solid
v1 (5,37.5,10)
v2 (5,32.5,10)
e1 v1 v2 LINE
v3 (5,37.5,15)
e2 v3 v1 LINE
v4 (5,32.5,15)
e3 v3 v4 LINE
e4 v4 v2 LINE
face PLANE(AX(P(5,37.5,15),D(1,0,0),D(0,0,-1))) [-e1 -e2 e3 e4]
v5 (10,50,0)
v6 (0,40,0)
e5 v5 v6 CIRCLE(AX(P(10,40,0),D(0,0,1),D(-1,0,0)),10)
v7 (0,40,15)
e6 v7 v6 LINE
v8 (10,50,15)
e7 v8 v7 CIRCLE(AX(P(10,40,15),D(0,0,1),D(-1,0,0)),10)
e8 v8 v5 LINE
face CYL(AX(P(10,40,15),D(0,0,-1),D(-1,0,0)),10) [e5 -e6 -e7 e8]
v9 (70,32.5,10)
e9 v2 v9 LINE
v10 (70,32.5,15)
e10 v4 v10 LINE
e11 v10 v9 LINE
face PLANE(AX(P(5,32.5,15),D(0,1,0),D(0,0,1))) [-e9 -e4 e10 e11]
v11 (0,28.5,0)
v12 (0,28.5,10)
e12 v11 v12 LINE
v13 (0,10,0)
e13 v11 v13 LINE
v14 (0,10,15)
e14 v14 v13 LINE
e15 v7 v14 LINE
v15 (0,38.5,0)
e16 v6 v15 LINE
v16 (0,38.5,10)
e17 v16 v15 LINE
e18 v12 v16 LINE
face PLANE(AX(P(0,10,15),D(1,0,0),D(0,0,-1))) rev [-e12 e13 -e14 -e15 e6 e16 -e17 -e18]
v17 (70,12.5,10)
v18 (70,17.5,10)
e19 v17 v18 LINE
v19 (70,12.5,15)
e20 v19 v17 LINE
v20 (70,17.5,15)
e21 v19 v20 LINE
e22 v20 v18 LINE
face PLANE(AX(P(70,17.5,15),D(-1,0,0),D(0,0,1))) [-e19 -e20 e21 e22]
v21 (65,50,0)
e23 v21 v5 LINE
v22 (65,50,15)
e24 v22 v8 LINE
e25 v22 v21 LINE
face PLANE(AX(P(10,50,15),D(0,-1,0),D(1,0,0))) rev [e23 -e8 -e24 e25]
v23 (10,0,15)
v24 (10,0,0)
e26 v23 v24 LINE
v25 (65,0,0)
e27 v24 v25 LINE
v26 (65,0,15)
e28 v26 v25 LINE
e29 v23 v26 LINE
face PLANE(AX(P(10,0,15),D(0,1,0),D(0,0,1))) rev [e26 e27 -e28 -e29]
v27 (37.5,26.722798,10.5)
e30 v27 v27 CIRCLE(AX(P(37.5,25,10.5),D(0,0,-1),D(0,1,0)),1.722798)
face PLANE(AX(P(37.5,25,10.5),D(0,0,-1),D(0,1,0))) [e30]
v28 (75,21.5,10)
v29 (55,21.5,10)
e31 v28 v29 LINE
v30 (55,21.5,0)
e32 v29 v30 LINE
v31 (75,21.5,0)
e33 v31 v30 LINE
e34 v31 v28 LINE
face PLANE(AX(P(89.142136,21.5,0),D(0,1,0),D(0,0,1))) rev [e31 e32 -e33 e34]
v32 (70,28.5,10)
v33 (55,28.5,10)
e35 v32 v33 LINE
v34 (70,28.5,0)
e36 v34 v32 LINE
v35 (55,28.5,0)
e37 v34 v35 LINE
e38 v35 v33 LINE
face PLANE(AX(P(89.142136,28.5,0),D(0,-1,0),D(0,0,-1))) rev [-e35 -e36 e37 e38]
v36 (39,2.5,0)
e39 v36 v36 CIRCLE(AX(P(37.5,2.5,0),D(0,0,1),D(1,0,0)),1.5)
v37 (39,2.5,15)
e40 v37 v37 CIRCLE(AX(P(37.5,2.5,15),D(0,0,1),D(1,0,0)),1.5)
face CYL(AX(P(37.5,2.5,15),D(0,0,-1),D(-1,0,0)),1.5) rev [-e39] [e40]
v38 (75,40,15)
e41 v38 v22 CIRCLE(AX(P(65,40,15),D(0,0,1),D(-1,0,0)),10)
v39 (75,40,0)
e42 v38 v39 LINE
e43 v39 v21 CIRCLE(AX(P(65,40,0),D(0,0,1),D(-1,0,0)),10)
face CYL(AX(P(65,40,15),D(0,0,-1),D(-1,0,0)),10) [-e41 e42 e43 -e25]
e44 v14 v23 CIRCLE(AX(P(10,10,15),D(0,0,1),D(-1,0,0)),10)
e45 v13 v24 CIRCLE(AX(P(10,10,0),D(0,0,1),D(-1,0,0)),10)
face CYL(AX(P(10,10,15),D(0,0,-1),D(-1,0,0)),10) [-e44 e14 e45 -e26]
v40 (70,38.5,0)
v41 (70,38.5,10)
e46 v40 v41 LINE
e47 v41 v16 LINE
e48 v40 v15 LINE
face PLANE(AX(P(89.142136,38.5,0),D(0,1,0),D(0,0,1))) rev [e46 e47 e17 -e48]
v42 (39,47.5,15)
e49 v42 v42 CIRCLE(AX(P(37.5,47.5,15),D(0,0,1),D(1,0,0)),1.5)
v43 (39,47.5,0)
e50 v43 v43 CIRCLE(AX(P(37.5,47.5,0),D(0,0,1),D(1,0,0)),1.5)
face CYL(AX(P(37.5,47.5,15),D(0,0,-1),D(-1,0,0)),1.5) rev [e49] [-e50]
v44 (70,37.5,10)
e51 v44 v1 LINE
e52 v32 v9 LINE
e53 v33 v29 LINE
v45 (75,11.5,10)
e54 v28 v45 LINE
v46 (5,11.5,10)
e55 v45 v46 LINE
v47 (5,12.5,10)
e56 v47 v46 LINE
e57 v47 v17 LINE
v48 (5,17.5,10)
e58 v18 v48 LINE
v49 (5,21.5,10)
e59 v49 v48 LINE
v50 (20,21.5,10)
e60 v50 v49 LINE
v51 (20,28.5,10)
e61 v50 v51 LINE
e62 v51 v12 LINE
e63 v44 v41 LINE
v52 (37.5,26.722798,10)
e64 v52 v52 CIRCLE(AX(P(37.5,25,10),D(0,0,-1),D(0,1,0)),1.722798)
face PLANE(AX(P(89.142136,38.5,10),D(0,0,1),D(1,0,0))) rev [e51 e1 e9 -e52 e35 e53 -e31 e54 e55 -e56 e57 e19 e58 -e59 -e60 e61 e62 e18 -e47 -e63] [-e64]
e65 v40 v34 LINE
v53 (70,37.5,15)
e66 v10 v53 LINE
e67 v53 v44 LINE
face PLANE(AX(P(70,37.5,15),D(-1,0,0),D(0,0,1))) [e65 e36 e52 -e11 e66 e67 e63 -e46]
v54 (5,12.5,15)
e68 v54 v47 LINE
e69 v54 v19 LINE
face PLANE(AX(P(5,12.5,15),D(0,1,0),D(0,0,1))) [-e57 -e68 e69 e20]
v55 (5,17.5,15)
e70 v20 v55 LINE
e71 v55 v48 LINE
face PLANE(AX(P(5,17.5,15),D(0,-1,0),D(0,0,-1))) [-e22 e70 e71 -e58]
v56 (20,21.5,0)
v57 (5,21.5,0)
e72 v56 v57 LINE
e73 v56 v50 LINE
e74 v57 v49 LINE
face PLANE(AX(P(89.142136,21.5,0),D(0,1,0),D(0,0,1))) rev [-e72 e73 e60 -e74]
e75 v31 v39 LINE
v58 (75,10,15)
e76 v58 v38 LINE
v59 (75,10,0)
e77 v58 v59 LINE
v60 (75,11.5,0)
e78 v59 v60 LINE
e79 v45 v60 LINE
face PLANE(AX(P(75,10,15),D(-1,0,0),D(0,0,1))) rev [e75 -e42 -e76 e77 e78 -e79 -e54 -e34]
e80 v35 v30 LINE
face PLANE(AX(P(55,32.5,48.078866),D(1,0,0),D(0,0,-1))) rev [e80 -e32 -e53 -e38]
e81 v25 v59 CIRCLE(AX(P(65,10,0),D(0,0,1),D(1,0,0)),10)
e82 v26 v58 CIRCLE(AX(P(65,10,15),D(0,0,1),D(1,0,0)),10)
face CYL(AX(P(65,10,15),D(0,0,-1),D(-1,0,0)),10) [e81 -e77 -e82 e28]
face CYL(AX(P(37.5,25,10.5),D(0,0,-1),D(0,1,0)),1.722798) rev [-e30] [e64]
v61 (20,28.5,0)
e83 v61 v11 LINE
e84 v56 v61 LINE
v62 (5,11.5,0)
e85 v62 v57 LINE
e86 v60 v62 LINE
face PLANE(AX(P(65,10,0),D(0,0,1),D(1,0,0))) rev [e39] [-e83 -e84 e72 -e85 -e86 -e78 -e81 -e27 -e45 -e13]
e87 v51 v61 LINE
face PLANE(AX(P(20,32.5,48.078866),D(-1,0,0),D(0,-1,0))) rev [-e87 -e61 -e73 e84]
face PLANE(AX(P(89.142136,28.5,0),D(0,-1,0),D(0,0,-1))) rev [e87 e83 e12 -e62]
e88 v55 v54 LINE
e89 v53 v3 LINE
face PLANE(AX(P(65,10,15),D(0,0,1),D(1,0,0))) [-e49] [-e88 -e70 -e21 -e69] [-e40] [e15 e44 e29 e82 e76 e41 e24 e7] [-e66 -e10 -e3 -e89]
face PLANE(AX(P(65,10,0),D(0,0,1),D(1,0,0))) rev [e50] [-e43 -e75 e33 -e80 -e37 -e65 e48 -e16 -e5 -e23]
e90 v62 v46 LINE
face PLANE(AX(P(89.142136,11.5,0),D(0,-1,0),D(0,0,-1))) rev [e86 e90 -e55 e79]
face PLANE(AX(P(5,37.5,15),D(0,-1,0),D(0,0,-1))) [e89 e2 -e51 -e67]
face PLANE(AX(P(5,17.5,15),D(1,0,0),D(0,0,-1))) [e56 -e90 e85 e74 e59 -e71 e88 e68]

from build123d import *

# Parameters (mm, degrees)
SKETCH1_R           = 1.5
SKETCH1_W           = 65
SKETCH1_H           = 5
BOSS_EXTRUDE1_DEPTH = 15
CUT_EXTRUDE1_REACH  = 93.378
SKETCH2_W           = 10
SKETCH2_H           = 10
SKETCH3_W           = 35
SKETCH3_H           = 15
CUT_EXTRUDE2_DEPTH  = 10
SKETCH4_R           = 1.722798044
CUT_EXTRUDE3_DEPTH  = 0.5
SKETCH5_W           = 5
SKETCH5_H           = 10
BOSS_EXTRUDE2_DEPTH = 10


with BuildPart() as part:
    # Sketch1 → Boss-Extrude1 (new body)
    with BuildSketch(Plane.XY):
        with BuildLine():
            Line((10, 0), (65, 0))
            ThreePointArc((65, 0), (72.071067812, 2.928932188), (75, 10))
            Line((75, 10), (75, 40))
            ThreePointArc((75, 40), (72.071067812, 47.071067812), (65, 50))
            Line((65, 50), (10, 50))
            ThreePointArc((10, 50), (2.928932188, 47.071067812), (0, 40))
            Line((0, 40), (0, 10))
            ThreePointArc((0, 10), (2.928932188, 2.928932188), (10, 0))
        make_face()
        with Locations((37.5, 47.5)):
            Circle(SKETCH1_R, mode=Mode.SUBTRACT)
        with Locations((37.5, 2.5)):
            Circle(SKETCH1_R, mode=Mode.SUBTRACT)
        with Locations((37.5, 35)):
            Rectangle(SKETCH1_W, SKETCH1_H, mode=Mode.SUBTRACT)
        with Locations((37.5, 15)):
            Rectangle(SKETCH1_W, SKETCH1_H, mode=Mode.SUBTRACT)
    extrude(amount=BOSS_EXTRUDE1_DEPTH)

    # Cut-Extrude1: up to this face of the body (flat: up to its plane)
    cut_extrude1_end = Plane(part.part.faces().sort_by_distance((75, 25, 7.5))[0])
    # Sketch2 → Cut-Extrude1 (cut, up to the picked face)
    with BuildSketch(Plane.ZY, mode=Mode.PRIVATE) as cut_extrude1_sk1:
        with Locations((5, 33.5)):
            Rectangle(SKETCH2_W, SKETCH2_H)
    cut_extrude1_tool1 = split(extrude(cut_extrude1_sk1.sketch, amount=-CUT_EXTRUDE1_REACH, mode=Mode.PRIVATE), bisect_by=cut_extrude1_end, keep=Keep.BOTH, mode=Mode.PRIVATE)
    # Sketch2 → Cut-Extrude1 (cut, up to the picked face)
    with BuildSketch(Plane.ZY, mode=Mode.PRIVATE) as cut_extrude1_sk2:
        with Locations((5, 16.5)):
            Rectangle(SKETCH2_W, SKETCH2_H)
    cut_extrude1_tool2 = split(extrude(cut_extrude1_sk2.sketch, amount=-CUT_EXTRUDE1_REACH, mode=Mode.PRIVATE), bisect_by=cut_extrude1_end, keep=Keep.BOTH, mode=Mode.PRIVATE)
    add(cut_extrude1_tool1.solids().sort_by(Axis((0, 33.5, 5), (1, 0, 0)))[0], mode=Mode.SUBTRACT)
    add(cut_extrude1_tool2.solids().sort_by(Axis((0, 16.5, 5), (1, 0, 0)))[0], mode=Mode.SUBTRACT)

    # Sketch3 → Cut-Extrude2 (cut)
    with BuildSketch(Plane(origin=(0, 0, 0), x_dir=(-1, 0, 0), z_dir=(0, 0, -1))):
        with Locations((-37.5, 25)):
            Rectangle(SKETCH3_W, SKETCH3_H)
    extrude(amount=-CUT_EXTRUDE2_DEPTH, mode=Mode.SUBTRACT)

    # Sketch4 → Cut-Extrude3 (cut)
    with BuildSketch(Plane(origin=(0, 0, 10), x_dir=(-1, 0, 0), z_dir=(0, 0, -1))):
        with Locations(Location((-37.5, 25, 0), (0, 0, 90))):
            Circle(SKETCH4_R)
    extrude(amount=-CUT_EXTRUDE3_DEPTH, mode=Mode.SUBTRACT)

    # Sketch5 → Boss-Extrude2 (add)
    with BuildSketch(Plane(origin=(0, 0, 10), x_dir=(-1, 0, 0), z_dir=(0, 0, -1))):
        with Locations((-72.5, 33.5)):
            Rectangle(SKETCH5_W, SKETCH5_H)
        with Locations((-2.5, 16.5)):
            Rectangle(SKETCH5_W, SKETCH5_H)
    extrude(amount=BOSS_EXTRUDE2_DEPTH)


solid = part.part
